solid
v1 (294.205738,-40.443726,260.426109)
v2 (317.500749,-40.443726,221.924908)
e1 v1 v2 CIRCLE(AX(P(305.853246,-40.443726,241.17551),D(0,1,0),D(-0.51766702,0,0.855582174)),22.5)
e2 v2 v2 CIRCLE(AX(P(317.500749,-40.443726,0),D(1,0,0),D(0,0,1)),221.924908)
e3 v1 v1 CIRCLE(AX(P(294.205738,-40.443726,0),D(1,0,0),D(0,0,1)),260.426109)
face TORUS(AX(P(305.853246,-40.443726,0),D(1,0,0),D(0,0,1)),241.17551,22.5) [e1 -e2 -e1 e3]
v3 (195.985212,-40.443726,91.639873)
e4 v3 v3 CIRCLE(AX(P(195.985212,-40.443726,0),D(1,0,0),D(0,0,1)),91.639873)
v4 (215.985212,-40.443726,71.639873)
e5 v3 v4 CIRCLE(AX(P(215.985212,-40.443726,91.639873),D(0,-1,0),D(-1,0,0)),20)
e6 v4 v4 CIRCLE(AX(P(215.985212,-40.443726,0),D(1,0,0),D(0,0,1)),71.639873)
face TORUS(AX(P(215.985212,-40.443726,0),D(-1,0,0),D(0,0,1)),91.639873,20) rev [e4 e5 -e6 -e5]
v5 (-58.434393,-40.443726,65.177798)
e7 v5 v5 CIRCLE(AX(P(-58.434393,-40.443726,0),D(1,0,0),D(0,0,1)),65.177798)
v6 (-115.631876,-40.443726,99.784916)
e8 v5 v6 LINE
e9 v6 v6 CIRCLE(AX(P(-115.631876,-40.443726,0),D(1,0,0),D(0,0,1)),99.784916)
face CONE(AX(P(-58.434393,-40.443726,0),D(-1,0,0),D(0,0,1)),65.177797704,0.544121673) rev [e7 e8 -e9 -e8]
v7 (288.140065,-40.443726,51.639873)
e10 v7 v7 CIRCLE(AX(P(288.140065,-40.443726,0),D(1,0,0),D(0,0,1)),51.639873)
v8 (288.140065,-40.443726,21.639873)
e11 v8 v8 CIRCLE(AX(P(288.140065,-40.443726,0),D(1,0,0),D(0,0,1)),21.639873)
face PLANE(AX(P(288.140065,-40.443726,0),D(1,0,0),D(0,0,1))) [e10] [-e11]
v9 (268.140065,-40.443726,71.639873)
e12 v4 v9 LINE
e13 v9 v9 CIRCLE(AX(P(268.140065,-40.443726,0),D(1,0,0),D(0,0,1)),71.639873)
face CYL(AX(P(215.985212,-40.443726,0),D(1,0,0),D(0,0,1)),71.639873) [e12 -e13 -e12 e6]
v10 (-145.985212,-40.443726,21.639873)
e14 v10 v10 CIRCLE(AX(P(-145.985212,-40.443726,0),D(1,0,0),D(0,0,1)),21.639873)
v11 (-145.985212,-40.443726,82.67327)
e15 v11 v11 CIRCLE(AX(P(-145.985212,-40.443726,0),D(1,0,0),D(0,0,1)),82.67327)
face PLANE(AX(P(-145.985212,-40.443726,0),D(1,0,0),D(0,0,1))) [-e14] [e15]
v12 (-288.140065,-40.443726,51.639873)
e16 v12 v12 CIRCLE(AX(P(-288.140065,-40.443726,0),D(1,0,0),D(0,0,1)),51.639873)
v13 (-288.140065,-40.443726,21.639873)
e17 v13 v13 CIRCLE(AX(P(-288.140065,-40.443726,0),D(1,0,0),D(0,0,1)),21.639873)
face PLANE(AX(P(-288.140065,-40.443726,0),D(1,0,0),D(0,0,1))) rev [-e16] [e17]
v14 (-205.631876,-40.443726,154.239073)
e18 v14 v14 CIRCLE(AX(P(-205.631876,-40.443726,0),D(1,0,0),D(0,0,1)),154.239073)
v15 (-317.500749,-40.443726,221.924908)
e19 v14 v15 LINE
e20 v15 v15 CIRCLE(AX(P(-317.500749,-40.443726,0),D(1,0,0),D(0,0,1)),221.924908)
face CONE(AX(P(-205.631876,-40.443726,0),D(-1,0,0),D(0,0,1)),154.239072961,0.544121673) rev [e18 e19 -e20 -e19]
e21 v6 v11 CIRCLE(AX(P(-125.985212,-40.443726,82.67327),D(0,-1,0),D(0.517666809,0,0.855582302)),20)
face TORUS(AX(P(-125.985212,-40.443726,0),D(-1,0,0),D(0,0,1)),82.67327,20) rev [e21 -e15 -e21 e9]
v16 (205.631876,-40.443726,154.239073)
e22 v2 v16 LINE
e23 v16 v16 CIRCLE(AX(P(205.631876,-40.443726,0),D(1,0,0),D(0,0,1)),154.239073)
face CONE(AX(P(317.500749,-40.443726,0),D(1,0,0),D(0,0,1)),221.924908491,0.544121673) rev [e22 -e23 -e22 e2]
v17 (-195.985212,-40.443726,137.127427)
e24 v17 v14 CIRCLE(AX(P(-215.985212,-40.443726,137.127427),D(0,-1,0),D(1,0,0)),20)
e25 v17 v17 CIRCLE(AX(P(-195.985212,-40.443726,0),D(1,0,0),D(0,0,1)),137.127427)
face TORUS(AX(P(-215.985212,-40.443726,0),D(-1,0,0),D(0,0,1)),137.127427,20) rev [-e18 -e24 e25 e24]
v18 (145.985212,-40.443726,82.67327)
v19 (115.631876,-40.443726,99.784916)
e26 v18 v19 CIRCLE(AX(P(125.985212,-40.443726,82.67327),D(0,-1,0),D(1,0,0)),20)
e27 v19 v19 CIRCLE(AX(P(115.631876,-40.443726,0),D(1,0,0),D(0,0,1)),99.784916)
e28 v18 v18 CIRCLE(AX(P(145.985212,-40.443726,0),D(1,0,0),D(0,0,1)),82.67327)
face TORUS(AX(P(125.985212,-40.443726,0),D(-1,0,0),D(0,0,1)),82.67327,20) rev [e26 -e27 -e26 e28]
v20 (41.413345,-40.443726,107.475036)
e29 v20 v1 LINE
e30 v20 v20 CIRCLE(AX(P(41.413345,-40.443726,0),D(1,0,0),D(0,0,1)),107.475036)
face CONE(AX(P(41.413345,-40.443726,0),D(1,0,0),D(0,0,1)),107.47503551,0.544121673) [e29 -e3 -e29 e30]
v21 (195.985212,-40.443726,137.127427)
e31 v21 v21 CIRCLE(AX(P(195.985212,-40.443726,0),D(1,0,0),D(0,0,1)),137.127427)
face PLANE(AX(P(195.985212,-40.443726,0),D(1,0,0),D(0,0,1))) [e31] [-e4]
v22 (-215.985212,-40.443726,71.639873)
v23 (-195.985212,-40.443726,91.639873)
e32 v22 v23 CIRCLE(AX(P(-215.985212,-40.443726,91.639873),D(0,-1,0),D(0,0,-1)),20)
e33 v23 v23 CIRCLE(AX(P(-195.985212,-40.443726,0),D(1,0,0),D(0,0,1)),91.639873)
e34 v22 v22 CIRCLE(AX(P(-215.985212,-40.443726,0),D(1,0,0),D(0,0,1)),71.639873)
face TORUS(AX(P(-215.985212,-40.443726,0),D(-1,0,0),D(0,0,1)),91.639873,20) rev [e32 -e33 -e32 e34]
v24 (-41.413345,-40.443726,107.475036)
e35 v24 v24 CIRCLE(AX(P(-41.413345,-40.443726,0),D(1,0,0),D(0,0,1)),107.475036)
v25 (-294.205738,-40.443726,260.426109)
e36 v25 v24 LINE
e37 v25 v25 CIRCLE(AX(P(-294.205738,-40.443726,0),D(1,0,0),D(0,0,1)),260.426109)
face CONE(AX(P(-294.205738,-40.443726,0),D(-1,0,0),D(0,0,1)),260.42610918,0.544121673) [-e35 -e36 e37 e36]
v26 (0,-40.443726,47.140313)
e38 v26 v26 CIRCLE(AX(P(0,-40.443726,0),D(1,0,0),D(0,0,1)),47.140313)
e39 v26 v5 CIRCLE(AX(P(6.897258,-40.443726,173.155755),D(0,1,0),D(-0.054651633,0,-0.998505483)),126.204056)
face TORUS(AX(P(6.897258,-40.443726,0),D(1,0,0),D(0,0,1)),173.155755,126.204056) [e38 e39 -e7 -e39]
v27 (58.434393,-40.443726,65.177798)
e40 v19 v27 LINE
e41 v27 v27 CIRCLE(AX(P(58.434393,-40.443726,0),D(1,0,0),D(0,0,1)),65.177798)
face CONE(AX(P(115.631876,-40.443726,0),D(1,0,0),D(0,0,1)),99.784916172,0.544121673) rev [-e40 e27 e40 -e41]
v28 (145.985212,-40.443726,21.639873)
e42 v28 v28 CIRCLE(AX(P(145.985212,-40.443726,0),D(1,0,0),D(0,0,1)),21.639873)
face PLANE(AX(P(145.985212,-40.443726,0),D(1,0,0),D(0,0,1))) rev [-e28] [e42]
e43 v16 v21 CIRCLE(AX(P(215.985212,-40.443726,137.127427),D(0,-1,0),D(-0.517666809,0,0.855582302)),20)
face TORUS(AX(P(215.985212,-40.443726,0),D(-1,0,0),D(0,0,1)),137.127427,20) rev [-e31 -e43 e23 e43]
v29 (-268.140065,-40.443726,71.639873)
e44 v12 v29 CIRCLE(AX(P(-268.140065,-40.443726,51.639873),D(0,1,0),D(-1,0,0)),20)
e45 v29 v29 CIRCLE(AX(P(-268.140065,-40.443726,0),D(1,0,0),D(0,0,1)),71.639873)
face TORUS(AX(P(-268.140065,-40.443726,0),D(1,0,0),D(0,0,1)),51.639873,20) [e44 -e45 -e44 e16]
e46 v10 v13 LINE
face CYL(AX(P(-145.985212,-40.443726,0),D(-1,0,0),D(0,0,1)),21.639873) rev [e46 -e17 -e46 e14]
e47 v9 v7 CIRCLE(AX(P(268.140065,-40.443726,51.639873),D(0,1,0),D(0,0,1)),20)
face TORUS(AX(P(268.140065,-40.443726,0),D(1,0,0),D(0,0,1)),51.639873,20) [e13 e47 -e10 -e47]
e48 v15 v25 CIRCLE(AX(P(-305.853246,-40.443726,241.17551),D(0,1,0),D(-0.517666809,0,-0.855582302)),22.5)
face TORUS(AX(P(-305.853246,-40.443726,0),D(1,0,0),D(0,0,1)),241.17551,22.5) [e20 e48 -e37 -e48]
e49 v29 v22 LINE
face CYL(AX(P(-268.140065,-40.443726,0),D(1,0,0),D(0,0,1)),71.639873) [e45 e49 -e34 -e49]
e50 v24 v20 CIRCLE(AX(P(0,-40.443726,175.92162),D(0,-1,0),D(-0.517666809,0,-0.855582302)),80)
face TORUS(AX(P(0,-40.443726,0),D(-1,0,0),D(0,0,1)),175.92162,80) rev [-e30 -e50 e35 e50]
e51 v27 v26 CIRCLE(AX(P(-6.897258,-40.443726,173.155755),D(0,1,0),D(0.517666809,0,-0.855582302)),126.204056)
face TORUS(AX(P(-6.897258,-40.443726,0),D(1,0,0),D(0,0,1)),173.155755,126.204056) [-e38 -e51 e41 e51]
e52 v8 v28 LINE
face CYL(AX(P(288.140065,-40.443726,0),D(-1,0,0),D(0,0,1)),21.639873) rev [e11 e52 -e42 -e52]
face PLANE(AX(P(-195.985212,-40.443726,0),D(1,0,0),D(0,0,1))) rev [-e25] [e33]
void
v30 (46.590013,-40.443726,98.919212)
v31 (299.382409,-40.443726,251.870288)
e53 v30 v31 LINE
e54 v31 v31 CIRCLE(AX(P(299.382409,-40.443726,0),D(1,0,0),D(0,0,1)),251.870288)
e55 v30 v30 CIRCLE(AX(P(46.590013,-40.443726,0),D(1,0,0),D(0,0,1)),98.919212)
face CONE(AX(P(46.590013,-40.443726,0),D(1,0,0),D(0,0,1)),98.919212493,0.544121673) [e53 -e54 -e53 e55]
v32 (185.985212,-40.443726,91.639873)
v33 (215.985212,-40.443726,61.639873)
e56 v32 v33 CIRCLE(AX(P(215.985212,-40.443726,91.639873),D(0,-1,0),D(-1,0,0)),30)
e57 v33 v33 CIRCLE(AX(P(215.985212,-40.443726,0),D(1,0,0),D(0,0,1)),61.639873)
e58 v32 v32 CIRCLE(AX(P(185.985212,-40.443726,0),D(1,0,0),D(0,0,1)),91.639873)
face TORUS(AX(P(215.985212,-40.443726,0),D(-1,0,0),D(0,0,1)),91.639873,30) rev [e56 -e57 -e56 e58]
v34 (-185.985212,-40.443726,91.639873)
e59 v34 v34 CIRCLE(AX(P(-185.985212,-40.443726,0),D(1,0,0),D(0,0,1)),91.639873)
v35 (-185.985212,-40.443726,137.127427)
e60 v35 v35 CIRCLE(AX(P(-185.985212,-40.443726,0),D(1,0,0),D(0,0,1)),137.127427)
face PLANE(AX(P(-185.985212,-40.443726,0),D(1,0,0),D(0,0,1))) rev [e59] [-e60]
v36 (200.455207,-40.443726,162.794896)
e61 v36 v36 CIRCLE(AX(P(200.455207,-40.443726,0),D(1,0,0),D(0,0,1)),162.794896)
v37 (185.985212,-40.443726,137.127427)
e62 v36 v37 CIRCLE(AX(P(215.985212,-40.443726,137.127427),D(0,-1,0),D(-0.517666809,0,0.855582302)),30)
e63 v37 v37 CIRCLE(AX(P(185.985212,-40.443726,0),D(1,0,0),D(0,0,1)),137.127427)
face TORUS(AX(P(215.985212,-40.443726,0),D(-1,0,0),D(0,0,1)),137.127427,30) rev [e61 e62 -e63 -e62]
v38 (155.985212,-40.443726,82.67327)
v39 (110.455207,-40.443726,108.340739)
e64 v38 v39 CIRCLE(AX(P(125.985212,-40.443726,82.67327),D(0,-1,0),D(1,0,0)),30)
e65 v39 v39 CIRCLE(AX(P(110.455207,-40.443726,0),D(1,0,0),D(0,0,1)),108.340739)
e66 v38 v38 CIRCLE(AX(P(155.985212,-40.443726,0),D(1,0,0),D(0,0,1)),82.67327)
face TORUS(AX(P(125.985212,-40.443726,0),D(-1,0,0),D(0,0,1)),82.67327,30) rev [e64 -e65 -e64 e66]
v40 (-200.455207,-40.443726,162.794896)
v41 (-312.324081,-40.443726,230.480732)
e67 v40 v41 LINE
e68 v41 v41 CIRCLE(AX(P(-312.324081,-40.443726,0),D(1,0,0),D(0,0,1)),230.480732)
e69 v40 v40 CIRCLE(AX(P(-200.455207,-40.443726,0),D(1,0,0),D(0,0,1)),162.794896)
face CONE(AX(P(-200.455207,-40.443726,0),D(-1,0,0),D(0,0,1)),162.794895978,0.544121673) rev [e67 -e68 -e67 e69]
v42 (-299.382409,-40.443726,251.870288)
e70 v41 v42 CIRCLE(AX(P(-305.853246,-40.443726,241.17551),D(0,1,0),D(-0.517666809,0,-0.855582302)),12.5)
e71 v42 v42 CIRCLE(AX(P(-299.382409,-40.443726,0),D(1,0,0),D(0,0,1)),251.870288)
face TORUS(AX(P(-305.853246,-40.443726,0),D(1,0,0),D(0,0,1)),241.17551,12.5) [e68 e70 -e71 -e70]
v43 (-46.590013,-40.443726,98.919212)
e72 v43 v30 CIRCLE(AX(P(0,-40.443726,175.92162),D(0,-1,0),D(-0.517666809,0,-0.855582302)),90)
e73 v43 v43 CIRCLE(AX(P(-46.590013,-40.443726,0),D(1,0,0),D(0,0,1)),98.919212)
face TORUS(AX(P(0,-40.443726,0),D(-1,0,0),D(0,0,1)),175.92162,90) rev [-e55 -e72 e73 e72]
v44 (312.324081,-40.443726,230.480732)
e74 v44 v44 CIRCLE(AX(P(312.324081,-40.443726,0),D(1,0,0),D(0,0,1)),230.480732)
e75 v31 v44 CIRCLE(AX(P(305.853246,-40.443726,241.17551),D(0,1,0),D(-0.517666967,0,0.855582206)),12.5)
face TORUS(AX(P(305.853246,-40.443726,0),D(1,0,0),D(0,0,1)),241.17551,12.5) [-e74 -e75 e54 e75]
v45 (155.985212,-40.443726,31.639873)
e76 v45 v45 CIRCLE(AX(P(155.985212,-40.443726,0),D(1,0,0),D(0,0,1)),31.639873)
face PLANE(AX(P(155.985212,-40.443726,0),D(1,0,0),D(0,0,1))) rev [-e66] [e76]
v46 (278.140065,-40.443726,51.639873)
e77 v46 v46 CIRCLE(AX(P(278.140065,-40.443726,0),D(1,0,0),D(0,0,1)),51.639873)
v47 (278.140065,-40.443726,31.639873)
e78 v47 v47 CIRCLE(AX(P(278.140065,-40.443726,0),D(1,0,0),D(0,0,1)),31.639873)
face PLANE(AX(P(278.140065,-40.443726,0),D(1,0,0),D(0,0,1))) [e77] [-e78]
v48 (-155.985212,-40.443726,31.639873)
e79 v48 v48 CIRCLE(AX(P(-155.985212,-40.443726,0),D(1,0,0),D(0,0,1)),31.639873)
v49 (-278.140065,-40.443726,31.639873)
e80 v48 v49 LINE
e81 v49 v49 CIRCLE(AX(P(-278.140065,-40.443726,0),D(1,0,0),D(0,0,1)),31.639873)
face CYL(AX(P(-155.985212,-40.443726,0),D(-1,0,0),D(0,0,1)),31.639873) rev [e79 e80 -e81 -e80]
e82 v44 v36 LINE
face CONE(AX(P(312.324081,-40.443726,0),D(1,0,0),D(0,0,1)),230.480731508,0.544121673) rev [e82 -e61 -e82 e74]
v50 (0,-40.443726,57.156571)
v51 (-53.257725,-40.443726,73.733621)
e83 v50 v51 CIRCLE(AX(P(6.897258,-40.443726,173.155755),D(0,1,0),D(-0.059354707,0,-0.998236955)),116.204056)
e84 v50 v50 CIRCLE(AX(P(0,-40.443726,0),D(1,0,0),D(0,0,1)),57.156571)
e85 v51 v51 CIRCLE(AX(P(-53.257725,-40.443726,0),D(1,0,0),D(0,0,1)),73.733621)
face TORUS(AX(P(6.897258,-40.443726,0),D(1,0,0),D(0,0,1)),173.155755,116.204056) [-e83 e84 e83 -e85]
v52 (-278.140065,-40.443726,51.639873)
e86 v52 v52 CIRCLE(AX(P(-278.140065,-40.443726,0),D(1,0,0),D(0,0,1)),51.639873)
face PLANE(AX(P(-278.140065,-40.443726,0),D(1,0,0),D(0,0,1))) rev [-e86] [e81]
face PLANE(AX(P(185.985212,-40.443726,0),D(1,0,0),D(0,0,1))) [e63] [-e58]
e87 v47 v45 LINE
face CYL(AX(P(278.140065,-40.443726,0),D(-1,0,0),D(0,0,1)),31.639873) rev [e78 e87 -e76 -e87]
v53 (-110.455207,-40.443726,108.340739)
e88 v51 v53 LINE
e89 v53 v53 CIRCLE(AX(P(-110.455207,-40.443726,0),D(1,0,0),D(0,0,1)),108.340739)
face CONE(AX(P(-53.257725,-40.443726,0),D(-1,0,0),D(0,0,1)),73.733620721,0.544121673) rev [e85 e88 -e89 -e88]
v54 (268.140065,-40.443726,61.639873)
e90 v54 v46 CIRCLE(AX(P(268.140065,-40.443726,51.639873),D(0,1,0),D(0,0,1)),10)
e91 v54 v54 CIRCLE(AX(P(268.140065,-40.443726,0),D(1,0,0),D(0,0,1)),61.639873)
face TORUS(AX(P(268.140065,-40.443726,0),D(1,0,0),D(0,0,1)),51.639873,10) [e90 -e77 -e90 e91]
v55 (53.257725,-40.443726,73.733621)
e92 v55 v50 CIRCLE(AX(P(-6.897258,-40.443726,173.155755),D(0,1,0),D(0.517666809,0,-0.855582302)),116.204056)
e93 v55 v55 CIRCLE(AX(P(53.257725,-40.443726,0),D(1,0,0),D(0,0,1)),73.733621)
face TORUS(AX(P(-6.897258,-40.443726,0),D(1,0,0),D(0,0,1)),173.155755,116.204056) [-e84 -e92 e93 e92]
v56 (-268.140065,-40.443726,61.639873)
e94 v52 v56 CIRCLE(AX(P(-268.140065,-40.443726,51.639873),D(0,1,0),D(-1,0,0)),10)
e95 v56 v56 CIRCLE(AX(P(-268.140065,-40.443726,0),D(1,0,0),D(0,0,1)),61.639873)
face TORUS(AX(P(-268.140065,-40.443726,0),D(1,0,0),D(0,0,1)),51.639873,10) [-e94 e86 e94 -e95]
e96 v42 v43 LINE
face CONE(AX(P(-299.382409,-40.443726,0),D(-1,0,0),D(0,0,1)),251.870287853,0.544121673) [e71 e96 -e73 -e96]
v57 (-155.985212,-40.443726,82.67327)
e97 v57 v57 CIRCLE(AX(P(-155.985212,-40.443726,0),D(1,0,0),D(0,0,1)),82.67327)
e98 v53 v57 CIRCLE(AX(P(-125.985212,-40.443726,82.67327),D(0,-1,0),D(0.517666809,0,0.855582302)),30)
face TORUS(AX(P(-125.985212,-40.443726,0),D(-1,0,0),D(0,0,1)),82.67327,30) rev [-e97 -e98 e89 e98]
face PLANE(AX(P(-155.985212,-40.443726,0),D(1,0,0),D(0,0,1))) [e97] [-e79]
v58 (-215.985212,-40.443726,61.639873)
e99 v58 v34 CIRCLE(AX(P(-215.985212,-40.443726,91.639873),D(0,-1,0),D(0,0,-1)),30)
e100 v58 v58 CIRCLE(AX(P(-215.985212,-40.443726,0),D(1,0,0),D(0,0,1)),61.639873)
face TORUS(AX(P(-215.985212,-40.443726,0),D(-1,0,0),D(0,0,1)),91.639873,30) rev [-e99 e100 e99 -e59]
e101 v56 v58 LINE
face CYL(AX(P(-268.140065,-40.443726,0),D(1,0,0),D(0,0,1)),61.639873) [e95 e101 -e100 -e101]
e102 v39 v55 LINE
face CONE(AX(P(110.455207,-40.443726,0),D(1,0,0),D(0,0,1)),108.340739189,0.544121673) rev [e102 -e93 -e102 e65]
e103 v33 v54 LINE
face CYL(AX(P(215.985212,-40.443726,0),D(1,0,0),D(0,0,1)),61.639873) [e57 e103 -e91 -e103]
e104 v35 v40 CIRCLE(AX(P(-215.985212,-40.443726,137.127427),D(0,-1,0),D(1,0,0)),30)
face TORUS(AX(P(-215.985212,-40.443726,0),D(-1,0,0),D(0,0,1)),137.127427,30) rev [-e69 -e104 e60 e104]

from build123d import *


with BuildPart() as part:
    # Sketch1 → Revolve-Thin4 (revolve)
    with BuildSketch(Plane.XY, mode=Mode.PRIVATE) as revolve_thin4_sk:
        with BuildLine():
            Line((317.500749376, 181.481182294), (205.631875504, 113.795346764))
            ThreePointArc((205.631875504, 113.795346764), (198.563002816, 106.505443866), (195.985211682, 96.683700731))
            Line((195.985211682, 96.683700731), (195.985211682, 51.196146352))
            ThreePointArc((195.985211682, 51.196146352), (201.843076058, 37.054010728), (215.985211682, 31.196146352))
            Line((215.985211682, 31.196146352), (268.140064564, 31.196146352))
            ThreePointArc((268.140064564, 31.196146352), (282.282200188, 25.338281976), (288.140064564, 11.196146352))
            Line((288.140064564, 11.196146352), (288.140064564, -18.803853648))
            Line((288.140064564, -18.803853648), (145.985211682, -18.803853648))
            Line((145.985211682, -18.803853648), (145.985211682, 42.229543941))
            ThreePointArc((145.985211682, 42.229543941), (135.806954818, 59.651752808), (115.631875504, 59.341189975))
            Line((115.631875504, 59.341189975), (58.434393332, 24.734071507))
            ThreePointArc((58.434393332, 24.734071507), (30.326276952, 12.122342811), (0, 6.696586332))
            ThreePointArc((0, 6.696586332), (-30.326276952, 12.122342811), (-58.434393332, 24.734071507))
            Line((-58.434393332, 24.734071507), (-115.631875504, 59.341189975))
            ThreePointArc((-115.631875504, 59.341189975), (-135.806954818, 59.651752808), (-145.985211682, 42.229543941))
            Line((-145.985211682, 42.229543941), (-145.985211682, -18.803853648))
            Line((-145.985211682, -18.803853648), (-288.140064564, -18.803853648))
            Line((-288.140064564, -18.803853648), (-288.140064564, 11.196146352))
            ThreePointArc((-288.140064564, 11.196146352), (-282.282200188, 25.338281976), (-268.140064564, 31.196146352))
            Line((-268.140064564, 31.196146352), (-215.985211682, 31.196146352))
            ThreePointArc((-215.985211682, 31.196146352), (-201.843076058, 37.054010728), (-195.985211682, 51.196146352))
            Line((-195.985211682, 51.196146352), (-195.985211682, 96.683700731))
            ThreePointArc((-195.985211682, 96.683700731), (-198.563002816, 106.505443866), (-205.631875504, 113.795346764))
            Line((-205.631875504, 113.795346764), (-317.500749376, 181.481182294))
            ThreePointArc((-317.500749376, 181.481182294), (-325.103846521, 212.379289668), (-294.205738205, 219.982382983))
            Line((-294.205738205, 219.982382983), (-41.413344713, 67.031309313))
            ThreePointArc((-41.413344713, 67.031309313), (0, 55.477893448), (41.413344713, 67.031309313))
            Line((41.413344713, 67.031309313), (294.205738222, 219.982382994))
            ThreePointArc((294.205738222, 219.982382994), (325.103846526, 212.379289659), (317.500749376, 181.481182294))
        make_face()
        with BuildLine():
            Line((312.324081287, 190.037005311), (200.455207415, 122.351169781))
            ThreePointArc((200.455207415, 122.351169781), (189.851898383, 111.416315434), (185.985211682, 96.683700731))
            Line((185.985211682, 96.683700731), (185.985211682, 51.196146352))
            ThreePointArc((185.985211682, 51.196146352), (194.772008247, 29.982942916), (215.985211682, 21.196146352))
            Line((215.985211682, 21.196146352), (268.140064564, 21.196146352))
            ThreePointArc((268.140064564, 21.196146352), (275.211132376, 18.267214164), (278.140064564, 11.196146352))
            Line((278.140064564, 11.196146352), (278.140064564, -8.803853648))
            Line((278.140064564, -8.803853648), (155.985211682, -8.803853648))
            Line((155.985211682, -8.803853648), (155.985211682, 42.229543941))
            ThreePointArc((155.985211682, 42.229543941), (140.717826385, 68.362857241), (110.455207415, 67.897012992))
            Line((110.455207415, 67.897012992), (53.257725243, 33.289894524))
            ThreePointArc((53.257725243, 33.289894524), (27.638236871, 21.758514292), (0, 16.712845147))
            ThreePointArc((0, 16.712845147), (-27.638236871, 21.758514292), (-53.257725243, 33.289894524))
            Line((-53.257725243, 33.289894524), (-110.455207415, 67.897012992))
            ThreePointArc((-110.455207415, 67.897012992), (-140.717826385, 68.362857241), (-155.985211682, 42.229543941))
            Line((-155.985211682, 42.229543941), (-155.985211682, -8.803853648))
            Line((-155.985211682, -8.803853648), (-278.140064564, -8.803853648))
            Line((-278.140064564, -8.803853648), (-278.140064564, 11.196146352))
            ThreePointArc((-278.140064564, 11.196146352), (-275.211132376, 18.267214164), (-268.140064564, 21.196146352))
            Line((-268.140064564, 21.196146352), (-215.985211682, 21.196146352))
            ThreePointArc((-215.985211682, 21.196146352), (-194.772008247, 29.982942916), (-185.985211682, 51.196146352))
            Line((-185.985211682, 51.196146352), (-185.985211682, 96.683700731))
            ThreePointArc((-185.985211682, 96.683700731), (-189.851898383, 111.416315434), (-200.455207415, 122.351169781))
            Line((-200.455207415, 122.351169781), (-312.324081287, 190.037005311))
            ThreePointArc((-312.324081287, 190.037005311), (-316.548024349, 207.202620182), (-299.382409087, 211.426561656))
            Line((-299.382409087, 211.426561656), (-46.590012802, 58.475486296))
            ThreePointArc((-46.590012802, 58.475486296), (0, 45.477893448), (46.590012802, 58.475486296))
            Line((46.590012802, 58.475486296), (299.382409087, 211.426561656))
            ThreePointArc((299.382409087, 211.426561656), (316.548024349, 207.202620182), (312.324081287, 190.037005311))
        make_face(mode=Mode.SUBTRACT)
    revolve(revolve_thin4_sk.sketch.rotate(Axis((-361.480146336, -40.443726197, 0), (1, 0, 0)), 90), axis=Axis((-361.480146336, -40.443726197, 0), (1, 0, 0)))


solid = part.part
